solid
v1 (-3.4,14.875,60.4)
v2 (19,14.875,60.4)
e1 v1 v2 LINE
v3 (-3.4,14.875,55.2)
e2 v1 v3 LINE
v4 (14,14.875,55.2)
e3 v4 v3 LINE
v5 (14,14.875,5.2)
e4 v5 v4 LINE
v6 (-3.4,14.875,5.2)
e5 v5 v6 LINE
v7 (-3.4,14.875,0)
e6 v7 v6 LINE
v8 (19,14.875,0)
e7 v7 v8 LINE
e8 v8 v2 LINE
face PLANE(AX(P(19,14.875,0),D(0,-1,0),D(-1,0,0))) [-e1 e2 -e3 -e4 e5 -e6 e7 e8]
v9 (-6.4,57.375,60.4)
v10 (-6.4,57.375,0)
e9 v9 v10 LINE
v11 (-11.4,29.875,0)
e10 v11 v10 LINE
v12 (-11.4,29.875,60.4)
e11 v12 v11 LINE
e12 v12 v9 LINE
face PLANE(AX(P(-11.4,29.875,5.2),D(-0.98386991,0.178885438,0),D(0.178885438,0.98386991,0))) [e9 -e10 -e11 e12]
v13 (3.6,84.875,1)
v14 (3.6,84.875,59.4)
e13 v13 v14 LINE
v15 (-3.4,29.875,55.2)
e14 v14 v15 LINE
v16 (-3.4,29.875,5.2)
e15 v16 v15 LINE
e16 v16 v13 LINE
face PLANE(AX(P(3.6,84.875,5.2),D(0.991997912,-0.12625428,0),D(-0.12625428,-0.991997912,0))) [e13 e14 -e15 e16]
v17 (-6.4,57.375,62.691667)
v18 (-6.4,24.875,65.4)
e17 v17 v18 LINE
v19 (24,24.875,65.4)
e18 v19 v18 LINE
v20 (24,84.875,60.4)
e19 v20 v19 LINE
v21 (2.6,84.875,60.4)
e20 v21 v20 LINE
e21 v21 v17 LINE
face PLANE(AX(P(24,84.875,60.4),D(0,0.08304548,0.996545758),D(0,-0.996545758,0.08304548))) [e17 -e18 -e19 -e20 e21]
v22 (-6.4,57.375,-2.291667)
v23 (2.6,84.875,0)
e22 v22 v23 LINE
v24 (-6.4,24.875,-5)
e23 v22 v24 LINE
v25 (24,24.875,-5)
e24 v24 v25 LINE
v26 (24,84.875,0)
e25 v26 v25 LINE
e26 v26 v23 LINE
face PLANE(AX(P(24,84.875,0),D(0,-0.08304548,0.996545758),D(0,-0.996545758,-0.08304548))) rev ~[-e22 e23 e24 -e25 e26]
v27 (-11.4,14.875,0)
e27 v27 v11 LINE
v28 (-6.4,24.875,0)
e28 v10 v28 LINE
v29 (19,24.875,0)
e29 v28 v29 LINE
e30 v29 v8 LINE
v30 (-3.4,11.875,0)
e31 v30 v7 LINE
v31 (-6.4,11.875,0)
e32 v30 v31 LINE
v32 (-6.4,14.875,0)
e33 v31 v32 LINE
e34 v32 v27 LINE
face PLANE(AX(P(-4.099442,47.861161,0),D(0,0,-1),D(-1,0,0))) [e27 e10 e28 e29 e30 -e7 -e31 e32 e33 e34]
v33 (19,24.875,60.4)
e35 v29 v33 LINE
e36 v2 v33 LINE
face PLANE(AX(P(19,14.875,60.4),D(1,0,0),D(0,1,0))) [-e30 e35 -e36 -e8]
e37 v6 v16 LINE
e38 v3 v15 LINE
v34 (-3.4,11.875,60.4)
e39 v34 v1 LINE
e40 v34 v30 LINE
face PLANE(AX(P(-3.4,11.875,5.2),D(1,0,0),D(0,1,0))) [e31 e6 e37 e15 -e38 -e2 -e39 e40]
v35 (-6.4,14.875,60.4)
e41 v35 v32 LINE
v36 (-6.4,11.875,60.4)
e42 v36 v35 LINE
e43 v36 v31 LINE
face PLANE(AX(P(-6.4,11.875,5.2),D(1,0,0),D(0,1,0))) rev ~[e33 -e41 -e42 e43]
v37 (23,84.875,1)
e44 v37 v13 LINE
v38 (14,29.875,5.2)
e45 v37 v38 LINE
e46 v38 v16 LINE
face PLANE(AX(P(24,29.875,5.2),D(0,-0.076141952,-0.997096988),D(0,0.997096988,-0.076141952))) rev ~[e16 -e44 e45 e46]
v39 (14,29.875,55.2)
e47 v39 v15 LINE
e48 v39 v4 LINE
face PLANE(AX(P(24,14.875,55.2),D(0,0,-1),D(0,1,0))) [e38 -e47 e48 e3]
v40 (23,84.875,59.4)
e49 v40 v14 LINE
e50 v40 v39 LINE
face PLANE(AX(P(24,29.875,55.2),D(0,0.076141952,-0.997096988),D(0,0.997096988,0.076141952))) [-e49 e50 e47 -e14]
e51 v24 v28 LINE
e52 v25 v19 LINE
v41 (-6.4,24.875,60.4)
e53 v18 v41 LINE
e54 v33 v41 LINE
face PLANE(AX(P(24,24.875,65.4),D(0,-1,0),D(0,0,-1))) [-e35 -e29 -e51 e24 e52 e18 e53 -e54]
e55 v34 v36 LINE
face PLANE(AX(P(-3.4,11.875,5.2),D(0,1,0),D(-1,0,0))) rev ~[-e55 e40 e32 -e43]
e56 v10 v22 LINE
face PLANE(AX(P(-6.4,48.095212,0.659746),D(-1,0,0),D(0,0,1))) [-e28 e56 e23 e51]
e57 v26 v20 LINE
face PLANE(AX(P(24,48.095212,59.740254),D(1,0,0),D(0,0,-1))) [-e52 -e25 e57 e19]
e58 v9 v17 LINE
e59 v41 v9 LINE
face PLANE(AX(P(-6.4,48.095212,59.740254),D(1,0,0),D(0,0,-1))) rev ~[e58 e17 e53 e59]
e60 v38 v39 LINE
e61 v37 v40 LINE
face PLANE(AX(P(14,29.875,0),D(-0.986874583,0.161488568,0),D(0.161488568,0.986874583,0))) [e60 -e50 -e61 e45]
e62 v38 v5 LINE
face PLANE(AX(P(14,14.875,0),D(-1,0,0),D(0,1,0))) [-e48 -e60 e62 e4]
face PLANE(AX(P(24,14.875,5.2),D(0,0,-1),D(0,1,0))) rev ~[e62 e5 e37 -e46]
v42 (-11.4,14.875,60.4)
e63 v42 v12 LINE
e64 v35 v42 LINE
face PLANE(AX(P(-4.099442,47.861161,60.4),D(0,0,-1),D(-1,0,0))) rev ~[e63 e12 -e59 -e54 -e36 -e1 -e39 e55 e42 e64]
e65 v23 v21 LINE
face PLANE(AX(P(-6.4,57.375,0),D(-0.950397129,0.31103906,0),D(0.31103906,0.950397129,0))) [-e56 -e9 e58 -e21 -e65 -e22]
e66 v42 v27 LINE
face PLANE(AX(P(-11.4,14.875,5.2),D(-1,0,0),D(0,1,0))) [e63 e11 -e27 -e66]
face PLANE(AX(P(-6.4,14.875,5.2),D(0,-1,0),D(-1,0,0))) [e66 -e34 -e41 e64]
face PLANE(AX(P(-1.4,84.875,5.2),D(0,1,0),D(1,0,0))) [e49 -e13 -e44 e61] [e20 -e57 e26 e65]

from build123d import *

# Parameters (mm, degrees)
AUFSATZ_LINEAR_AUSTRAGEN1_DEPTH      = 60.4
AUFSATZ_LINEAR_AUSTRAGEN2_DEPTH      = 30.4
AUFSATZ_LINEAR_AUSTRAGEN3_DEPTH      = 55.2
AUFSATZ_LINEAR_AUSTRAGEN3_DEPTH_BACK = 5.2
SKIZZE4_W                            = 5
SKIZZE4_H                            = 10
SCHNITT_LINEAR_AUSTRAGEN1_DEPTH      = 66.4
SCHNITT_LINEAR_AUSTRAGEN4_DEPTH      = 6
SCHNITT_LINEAR_AUSTRAGEN4_DEPTH_BACK = 66.4


with BuildPart() as part:
    # Skizze1 → Aufsatz-Linear austragen1 (new body)
    with BuildSketch(Plane.XY):
        Polygon((14, 14.875), (14, 29.875), (23, 84.875), (24, 84.875), (24, 24.875), (19, 24.875), (19, 14.875), align=None)
    extrude(amount=AUFSATZ_LINEAR_AUSTRAGEN1_DEPTH)

    # Skizze2 → Aufsatz-Linear austragen2 (add)
    with BuildSketch(Plane(origin=(24, 0, 0), x_dir=(0, 0, -1), z_dir=(1, 0, 0))):
        Polygon((-59.4, 84.875), (-60.4, 84.875), (-65.4, 24.875), (-60.4, 24.875), (-60.4, 14.875), (-55.2, 14.875), (-55.2, 29.875), align=None)
        Polygon((0, 24.875), (0, 14.875), (-5.2, 14.875), (-5.2, 29.875), (-1, 84.875), (0, 84.875), (5, 24.875), align=None)
    extrude(amount=-AUFSATZ_LINEAR_AUSTRAGEN2_DEPTH)

    # Skizze3 → Aufsatz-Linear austragen3 (add, two sides)
    with BuildSketch(Plane.XY.offset(5.2)) as aufsatz_linear_austragen3_sk:
        Polygon((-3.4, 29.875), (-3.4, 14.875), (-3.4, 11.875), (-6.4, 11.875), (-6.4, 14.875), (-11.4, 14.875), (-11.4, 29.875), (-1.4, 84.875), (3.6, 84.875), align=None)
    extrude(amount=AUFSATZ_LINEAR_AUSTRAGEN3_DEPTH)
    extrude(aufsatz_linear_austragen3_sk.sketch, amount=-AUFSATZ_LINEAR_AUSTRAGEN3_DEPTH_BACK)

    # Skizze4 → Schnitt-Linear austragen1 (cut, through all)
    with BuildSketch(Plane.XY.offset(60.4)):
        with Locations((21.5, 19.875)):
            Rectangle(SKIZZE4_W, SKIZZE4_H)
    extrude(amount=-SCHNITT_LINEAR_AUSTRAGEN1_DEPTH, mode=Mode.SUBTRACT)

    # Skizze7 → Schnitt-Linear austragen4 (cut, two sides)
    with BuildSketch(Plane(origin=(0, 0, 0), x_dir=(-1, 0, 0), z_dir=(0, 0, -1))) as schnitt_linear_austragen4_sk:
        Polygon((6.4, 57.375), (-2.6, 84.875), (6.4, 84.875), align=None)
    extrude(amount=SCHNITT_LINEAR_AUSTRAGEN4_DEPTH, mode=Mode.SUBTRACT)
    extrude(schnitt_linear_austragen4_sk.sketch, amount=-SCHNITT_LINEAR_AUSTRAGEN4_DEPTH_BACK, mode=Mode.SUBTRACT)


solid = part.part
